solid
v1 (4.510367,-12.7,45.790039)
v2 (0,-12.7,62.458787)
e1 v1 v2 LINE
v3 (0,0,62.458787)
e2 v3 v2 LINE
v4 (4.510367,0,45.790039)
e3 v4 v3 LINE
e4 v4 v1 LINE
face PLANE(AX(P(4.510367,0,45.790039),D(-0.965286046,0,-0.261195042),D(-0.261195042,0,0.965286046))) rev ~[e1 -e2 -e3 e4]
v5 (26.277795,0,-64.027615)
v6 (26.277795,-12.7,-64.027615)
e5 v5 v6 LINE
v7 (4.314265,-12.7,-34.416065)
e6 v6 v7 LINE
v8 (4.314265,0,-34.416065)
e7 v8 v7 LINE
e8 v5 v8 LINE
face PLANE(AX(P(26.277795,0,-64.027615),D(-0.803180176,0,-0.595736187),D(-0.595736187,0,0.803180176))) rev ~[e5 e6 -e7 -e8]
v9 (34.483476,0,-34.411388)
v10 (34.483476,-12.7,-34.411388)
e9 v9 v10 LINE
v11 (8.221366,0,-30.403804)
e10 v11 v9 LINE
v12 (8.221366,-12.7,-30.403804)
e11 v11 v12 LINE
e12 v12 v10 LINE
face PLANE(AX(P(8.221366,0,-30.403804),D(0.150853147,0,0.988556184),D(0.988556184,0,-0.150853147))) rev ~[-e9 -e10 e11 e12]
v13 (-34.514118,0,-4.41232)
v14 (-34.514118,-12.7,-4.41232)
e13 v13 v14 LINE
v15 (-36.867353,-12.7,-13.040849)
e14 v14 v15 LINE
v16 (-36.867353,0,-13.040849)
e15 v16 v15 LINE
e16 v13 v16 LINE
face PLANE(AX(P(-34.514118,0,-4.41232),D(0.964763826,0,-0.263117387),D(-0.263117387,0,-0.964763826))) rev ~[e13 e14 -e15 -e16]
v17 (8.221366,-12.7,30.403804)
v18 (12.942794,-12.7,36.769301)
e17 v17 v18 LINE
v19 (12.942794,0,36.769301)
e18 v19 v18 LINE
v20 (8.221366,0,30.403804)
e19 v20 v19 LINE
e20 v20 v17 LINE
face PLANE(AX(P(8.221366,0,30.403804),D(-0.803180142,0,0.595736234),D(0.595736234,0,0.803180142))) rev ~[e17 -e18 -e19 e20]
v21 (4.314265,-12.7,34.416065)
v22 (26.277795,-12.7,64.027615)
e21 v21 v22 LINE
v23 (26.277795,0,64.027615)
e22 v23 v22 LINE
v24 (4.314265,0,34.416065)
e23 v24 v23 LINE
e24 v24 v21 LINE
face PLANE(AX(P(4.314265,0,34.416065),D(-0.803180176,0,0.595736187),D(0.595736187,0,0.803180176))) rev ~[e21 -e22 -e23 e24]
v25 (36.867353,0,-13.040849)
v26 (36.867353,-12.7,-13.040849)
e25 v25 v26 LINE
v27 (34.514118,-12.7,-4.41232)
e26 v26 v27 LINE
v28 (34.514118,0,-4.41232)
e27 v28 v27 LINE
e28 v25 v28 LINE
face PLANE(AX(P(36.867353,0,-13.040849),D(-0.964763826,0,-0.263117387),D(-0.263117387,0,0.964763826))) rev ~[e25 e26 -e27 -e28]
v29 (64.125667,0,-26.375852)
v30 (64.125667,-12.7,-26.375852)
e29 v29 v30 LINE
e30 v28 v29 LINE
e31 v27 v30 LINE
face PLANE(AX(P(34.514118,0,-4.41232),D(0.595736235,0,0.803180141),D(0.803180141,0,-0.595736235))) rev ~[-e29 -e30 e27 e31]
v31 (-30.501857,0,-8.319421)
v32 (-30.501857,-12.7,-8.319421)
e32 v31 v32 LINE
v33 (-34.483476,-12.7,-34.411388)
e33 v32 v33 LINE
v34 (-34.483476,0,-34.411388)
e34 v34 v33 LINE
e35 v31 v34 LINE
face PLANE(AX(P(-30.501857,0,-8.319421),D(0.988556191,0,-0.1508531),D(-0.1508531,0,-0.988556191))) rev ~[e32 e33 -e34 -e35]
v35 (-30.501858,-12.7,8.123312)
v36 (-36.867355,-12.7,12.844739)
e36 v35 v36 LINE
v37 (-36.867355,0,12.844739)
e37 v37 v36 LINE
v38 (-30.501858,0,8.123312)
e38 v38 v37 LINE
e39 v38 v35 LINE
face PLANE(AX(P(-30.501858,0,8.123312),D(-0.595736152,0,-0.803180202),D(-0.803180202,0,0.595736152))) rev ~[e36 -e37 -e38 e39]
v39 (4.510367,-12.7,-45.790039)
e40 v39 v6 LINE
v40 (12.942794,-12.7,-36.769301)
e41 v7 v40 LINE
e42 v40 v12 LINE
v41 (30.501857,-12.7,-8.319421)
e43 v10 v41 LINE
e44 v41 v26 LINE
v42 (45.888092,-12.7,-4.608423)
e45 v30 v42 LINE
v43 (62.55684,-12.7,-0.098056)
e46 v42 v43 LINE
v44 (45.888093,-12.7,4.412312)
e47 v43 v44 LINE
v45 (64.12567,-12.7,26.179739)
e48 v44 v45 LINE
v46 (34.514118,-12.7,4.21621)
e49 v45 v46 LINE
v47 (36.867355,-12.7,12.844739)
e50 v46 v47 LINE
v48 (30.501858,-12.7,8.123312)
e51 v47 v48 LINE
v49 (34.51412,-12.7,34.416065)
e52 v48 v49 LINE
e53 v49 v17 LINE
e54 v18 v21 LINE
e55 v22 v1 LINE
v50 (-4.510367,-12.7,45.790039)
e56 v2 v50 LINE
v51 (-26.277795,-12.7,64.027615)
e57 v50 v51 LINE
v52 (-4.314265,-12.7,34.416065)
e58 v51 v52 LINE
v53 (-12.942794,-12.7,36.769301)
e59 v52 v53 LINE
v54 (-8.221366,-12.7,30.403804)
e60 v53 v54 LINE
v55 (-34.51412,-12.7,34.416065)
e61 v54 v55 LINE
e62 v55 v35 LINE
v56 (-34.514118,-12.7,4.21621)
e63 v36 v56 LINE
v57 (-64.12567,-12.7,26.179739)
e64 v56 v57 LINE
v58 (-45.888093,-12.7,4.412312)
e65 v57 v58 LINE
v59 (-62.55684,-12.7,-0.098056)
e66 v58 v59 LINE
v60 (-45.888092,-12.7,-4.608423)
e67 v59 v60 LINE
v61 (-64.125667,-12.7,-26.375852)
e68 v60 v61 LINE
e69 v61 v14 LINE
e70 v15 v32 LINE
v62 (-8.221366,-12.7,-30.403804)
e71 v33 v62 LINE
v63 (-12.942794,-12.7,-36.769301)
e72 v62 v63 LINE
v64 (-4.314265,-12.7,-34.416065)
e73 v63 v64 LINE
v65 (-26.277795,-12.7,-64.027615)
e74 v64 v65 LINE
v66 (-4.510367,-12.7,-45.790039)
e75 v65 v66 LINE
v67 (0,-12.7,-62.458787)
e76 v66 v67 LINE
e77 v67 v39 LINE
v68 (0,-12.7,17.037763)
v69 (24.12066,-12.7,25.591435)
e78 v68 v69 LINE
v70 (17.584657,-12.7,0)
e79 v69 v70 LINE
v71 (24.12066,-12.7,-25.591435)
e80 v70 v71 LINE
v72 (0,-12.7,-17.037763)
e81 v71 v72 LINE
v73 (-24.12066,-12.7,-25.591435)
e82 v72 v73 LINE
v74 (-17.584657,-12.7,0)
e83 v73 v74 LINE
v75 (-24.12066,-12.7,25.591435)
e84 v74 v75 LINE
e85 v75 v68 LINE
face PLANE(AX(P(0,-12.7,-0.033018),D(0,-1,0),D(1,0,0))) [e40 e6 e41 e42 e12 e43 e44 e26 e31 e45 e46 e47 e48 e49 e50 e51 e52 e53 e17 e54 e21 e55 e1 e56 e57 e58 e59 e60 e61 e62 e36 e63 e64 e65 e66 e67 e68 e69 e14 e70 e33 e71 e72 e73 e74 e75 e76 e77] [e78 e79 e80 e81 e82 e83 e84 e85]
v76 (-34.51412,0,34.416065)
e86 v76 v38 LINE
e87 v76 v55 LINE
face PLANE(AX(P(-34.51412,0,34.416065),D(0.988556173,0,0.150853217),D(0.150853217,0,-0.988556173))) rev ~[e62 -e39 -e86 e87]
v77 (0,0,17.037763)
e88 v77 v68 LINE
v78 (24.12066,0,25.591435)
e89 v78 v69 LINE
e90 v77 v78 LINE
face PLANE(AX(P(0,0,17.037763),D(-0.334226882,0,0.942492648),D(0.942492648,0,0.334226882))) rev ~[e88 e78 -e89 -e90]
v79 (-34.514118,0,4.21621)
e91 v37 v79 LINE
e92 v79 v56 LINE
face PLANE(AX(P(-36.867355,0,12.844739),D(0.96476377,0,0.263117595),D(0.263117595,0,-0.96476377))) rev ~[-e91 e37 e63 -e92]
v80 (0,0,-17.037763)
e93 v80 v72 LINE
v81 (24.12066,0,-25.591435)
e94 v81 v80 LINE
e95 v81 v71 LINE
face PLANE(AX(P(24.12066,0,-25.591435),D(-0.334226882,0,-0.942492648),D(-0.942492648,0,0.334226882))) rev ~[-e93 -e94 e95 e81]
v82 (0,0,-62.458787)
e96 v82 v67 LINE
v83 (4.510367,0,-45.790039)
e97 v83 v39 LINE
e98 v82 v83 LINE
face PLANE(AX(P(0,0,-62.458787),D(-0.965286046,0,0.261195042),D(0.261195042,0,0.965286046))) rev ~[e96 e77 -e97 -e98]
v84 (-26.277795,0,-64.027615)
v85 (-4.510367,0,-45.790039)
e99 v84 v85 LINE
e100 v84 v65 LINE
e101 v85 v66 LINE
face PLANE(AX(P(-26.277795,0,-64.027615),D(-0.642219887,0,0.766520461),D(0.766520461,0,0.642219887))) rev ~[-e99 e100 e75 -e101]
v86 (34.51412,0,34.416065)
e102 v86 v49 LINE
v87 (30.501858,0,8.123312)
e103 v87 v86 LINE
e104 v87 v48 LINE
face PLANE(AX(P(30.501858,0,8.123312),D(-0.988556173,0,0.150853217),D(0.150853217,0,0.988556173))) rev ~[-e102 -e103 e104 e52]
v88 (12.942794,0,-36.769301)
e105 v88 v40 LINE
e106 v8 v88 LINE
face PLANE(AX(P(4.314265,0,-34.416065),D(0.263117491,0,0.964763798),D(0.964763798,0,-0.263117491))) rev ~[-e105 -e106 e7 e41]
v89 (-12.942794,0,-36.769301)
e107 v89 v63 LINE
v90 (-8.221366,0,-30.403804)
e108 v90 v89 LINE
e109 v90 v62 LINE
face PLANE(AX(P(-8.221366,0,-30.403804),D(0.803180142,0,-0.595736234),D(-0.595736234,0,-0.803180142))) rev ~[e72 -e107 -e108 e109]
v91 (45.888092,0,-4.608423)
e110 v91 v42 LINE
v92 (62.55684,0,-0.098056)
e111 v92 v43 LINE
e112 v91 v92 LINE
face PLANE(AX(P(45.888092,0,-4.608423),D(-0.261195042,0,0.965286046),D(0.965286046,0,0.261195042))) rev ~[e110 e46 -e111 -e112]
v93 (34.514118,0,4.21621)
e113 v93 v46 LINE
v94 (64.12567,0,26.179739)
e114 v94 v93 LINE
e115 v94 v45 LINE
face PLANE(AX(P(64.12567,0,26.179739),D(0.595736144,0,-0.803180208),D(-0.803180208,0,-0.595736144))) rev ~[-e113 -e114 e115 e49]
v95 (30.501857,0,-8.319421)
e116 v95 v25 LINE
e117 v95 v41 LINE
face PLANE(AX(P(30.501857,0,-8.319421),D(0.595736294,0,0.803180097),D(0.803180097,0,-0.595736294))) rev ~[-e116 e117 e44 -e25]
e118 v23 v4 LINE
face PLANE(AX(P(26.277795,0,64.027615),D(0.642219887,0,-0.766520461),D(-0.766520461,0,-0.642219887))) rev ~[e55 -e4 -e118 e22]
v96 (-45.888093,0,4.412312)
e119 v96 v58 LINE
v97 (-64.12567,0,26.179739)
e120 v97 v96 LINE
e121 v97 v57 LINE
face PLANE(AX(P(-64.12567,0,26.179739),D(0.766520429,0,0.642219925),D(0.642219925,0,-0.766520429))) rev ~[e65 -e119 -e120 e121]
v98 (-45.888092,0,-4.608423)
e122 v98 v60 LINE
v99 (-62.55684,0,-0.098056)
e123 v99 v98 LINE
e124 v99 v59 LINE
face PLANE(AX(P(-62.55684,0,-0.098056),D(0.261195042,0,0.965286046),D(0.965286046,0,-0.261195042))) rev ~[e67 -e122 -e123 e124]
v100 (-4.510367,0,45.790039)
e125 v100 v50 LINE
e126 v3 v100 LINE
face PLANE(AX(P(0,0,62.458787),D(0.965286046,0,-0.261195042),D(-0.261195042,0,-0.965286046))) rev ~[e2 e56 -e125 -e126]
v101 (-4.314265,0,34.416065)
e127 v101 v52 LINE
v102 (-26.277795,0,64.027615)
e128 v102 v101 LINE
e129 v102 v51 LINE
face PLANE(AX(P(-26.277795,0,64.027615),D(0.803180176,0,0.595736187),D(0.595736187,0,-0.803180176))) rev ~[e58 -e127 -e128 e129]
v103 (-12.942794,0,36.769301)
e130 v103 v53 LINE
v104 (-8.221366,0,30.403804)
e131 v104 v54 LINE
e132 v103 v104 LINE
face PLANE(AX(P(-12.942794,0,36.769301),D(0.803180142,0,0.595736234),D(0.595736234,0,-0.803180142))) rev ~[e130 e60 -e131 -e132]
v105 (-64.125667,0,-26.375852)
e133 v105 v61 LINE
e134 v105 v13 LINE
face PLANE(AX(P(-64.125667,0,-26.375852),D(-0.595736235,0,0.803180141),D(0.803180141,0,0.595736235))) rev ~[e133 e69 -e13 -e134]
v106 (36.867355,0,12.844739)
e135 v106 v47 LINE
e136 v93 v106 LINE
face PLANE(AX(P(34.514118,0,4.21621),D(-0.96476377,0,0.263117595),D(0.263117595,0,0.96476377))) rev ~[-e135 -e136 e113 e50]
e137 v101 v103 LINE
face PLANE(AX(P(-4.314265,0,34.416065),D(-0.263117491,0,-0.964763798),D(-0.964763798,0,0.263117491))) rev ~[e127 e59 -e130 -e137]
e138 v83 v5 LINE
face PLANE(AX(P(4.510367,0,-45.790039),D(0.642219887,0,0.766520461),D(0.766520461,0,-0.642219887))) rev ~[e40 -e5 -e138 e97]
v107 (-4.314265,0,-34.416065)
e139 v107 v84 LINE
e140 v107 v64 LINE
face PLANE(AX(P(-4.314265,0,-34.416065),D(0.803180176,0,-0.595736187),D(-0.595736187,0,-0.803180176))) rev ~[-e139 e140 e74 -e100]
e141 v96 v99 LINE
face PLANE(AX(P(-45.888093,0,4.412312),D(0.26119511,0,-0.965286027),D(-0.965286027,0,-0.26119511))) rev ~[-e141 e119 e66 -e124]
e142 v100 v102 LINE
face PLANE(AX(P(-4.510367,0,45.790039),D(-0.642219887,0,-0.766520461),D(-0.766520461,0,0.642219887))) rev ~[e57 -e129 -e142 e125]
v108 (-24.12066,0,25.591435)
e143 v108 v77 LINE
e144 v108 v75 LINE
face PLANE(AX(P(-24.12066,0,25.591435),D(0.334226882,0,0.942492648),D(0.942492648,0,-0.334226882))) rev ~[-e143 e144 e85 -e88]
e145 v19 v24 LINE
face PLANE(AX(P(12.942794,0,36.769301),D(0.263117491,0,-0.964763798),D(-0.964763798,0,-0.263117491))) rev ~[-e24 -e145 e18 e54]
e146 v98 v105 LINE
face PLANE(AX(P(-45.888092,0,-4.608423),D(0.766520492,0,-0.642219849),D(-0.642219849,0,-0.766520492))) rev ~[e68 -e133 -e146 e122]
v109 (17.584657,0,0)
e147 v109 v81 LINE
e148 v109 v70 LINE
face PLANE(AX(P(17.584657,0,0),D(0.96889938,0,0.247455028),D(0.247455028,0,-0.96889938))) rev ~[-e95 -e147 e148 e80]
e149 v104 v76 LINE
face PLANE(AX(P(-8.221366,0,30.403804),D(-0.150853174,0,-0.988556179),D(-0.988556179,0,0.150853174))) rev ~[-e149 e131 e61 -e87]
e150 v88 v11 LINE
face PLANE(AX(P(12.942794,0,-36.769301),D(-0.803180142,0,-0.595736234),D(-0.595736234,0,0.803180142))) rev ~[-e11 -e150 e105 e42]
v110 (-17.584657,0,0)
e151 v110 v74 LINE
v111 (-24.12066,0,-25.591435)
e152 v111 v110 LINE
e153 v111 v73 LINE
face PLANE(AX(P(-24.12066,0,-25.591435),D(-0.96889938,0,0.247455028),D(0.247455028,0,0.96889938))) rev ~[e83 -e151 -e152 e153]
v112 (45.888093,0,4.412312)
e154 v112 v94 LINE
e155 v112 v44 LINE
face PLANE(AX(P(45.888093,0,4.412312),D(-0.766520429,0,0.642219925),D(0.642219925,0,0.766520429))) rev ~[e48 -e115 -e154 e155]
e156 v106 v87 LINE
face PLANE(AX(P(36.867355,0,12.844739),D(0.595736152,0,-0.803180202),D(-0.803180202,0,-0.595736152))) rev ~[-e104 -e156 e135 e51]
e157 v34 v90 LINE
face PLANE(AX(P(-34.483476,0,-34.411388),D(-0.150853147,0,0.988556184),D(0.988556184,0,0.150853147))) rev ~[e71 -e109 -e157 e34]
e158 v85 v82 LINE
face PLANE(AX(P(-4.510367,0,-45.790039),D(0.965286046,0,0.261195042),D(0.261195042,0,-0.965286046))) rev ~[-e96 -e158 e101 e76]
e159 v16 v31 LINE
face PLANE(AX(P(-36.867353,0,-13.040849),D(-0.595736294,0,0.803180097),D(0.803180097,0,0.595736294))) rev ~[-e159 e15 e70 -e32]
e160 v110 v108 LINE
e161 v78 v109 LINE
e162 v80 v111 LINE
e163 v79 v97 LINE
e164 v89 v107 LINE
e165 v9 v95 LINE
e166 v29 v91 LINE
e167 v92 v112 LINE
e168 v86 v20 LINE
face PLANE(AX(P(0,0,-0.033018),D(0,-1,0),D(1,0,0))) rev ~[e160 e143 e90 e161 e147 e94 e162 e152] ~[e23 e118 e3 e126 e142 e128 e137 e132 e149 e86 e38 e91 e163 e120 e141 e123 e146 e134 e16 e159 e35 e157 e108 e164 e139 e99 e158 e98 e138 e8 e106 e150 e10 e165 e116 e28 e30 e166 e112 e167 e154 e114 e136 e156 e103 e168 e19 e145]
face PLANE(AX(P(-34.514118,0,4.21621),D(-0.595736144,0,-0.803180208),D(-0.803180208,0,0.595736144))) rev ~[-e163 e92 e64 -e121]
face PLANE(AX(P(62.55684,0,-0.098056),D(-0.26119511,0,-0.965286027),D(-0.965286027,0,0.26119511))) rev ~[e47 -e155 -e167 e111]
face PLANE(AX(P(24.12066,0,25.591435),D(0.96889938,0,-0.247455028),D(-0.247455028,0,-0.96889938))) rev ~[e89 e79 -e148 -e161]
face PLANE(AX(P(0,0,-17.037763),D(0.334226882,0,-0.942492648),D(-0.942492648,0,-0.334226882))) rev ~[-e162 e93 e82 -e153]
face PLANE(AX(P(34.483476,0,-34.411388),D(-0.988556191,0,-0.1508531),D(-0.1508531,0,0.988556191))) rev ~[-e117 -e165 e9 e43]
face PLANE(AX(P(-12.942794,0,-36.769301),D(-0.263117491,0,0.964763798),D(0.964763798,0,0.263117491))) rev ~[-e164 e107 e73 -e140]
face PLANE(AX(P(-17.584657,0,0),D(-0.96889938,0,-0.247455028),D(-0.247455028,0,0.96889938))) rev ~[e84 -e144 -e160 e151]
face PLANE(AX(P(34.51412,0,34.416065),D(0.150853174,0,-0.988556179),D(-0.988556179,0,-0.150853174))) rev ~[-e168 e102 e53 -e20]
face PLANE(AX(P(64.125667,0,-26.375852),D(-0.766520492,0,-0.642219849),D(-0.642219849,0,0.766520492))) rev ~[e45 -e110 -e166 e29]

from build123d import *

# Parameters (mm, degrees)
F1_DEPTH = 12.7


with BuildPart() as f1:
    # F0 (on Front) → F1 (new body)
    with BuildSketch(Plane.XZ):
        Polygon((4.510367, 45.790039), (0, 62.458787), (-4.510367, 45.790039), (-26.277795, 64.027615), (-4.314265, 34.416065), (-12.942794, 36.769301), (-8.221366, 30.403804), (-34.51412, 34.416065), (-30.501858, 8.123312), (-36.867355, 12.844739), (-34.514118, 4.21621), (-64.12567, 26.179739), (-45.888093, 4.412312), (-62.55684, -0.098056), (-45.888092, -4.608423), (-64.125667, -26.375852), (-34.514118, -4.41232), (-36.867353, -13.040849), (-30.501857, -8.319421), (-34.483476, -34.411388), (-8.221366, -30.403804), (-12.942794, -36.769301), (-4.314265, -34.416065), (-26.277795, -64.027615), (-4.510367, -45.790039), (0, -62.458787), (4.510367, -45.790039), (26.277795, -64.027615), (4.314265, -34.416065), (12.942794, -36.769301), (8.221366, -30.403804), (34.483476, -34.411388), (30.501857, -8.319421), (36.867353, -13.040849), (34.514118, -4.41232), (64.125667, -26.375852), (45.888092, -4.608423), (62.55684, -0.098056), (45.888093, 4.412312), (64.12567, 26.179739), (34.514118, 4.21621), (36.867355, 12.844739), (30.501858, 8.123312), (34.51412, 34.416065), (8.221366, 30.403804), (12.942794, 36.769301), (4.314265, 34.416065), (26.277795, 64.027615), align=None)
        Polygon((-24.12066, 25.591435), (0, 17.037763), (24.12066, 25.591435), (17.584657, 0), (24.12066, -25.591435), (0, -17.037763), (-24.12066, -25.591435), (-17.584657, 0), align=None, mode=Mode.SUBTRACT)
    extrude(amount=F1_DEPTH)


solid = f1.part
